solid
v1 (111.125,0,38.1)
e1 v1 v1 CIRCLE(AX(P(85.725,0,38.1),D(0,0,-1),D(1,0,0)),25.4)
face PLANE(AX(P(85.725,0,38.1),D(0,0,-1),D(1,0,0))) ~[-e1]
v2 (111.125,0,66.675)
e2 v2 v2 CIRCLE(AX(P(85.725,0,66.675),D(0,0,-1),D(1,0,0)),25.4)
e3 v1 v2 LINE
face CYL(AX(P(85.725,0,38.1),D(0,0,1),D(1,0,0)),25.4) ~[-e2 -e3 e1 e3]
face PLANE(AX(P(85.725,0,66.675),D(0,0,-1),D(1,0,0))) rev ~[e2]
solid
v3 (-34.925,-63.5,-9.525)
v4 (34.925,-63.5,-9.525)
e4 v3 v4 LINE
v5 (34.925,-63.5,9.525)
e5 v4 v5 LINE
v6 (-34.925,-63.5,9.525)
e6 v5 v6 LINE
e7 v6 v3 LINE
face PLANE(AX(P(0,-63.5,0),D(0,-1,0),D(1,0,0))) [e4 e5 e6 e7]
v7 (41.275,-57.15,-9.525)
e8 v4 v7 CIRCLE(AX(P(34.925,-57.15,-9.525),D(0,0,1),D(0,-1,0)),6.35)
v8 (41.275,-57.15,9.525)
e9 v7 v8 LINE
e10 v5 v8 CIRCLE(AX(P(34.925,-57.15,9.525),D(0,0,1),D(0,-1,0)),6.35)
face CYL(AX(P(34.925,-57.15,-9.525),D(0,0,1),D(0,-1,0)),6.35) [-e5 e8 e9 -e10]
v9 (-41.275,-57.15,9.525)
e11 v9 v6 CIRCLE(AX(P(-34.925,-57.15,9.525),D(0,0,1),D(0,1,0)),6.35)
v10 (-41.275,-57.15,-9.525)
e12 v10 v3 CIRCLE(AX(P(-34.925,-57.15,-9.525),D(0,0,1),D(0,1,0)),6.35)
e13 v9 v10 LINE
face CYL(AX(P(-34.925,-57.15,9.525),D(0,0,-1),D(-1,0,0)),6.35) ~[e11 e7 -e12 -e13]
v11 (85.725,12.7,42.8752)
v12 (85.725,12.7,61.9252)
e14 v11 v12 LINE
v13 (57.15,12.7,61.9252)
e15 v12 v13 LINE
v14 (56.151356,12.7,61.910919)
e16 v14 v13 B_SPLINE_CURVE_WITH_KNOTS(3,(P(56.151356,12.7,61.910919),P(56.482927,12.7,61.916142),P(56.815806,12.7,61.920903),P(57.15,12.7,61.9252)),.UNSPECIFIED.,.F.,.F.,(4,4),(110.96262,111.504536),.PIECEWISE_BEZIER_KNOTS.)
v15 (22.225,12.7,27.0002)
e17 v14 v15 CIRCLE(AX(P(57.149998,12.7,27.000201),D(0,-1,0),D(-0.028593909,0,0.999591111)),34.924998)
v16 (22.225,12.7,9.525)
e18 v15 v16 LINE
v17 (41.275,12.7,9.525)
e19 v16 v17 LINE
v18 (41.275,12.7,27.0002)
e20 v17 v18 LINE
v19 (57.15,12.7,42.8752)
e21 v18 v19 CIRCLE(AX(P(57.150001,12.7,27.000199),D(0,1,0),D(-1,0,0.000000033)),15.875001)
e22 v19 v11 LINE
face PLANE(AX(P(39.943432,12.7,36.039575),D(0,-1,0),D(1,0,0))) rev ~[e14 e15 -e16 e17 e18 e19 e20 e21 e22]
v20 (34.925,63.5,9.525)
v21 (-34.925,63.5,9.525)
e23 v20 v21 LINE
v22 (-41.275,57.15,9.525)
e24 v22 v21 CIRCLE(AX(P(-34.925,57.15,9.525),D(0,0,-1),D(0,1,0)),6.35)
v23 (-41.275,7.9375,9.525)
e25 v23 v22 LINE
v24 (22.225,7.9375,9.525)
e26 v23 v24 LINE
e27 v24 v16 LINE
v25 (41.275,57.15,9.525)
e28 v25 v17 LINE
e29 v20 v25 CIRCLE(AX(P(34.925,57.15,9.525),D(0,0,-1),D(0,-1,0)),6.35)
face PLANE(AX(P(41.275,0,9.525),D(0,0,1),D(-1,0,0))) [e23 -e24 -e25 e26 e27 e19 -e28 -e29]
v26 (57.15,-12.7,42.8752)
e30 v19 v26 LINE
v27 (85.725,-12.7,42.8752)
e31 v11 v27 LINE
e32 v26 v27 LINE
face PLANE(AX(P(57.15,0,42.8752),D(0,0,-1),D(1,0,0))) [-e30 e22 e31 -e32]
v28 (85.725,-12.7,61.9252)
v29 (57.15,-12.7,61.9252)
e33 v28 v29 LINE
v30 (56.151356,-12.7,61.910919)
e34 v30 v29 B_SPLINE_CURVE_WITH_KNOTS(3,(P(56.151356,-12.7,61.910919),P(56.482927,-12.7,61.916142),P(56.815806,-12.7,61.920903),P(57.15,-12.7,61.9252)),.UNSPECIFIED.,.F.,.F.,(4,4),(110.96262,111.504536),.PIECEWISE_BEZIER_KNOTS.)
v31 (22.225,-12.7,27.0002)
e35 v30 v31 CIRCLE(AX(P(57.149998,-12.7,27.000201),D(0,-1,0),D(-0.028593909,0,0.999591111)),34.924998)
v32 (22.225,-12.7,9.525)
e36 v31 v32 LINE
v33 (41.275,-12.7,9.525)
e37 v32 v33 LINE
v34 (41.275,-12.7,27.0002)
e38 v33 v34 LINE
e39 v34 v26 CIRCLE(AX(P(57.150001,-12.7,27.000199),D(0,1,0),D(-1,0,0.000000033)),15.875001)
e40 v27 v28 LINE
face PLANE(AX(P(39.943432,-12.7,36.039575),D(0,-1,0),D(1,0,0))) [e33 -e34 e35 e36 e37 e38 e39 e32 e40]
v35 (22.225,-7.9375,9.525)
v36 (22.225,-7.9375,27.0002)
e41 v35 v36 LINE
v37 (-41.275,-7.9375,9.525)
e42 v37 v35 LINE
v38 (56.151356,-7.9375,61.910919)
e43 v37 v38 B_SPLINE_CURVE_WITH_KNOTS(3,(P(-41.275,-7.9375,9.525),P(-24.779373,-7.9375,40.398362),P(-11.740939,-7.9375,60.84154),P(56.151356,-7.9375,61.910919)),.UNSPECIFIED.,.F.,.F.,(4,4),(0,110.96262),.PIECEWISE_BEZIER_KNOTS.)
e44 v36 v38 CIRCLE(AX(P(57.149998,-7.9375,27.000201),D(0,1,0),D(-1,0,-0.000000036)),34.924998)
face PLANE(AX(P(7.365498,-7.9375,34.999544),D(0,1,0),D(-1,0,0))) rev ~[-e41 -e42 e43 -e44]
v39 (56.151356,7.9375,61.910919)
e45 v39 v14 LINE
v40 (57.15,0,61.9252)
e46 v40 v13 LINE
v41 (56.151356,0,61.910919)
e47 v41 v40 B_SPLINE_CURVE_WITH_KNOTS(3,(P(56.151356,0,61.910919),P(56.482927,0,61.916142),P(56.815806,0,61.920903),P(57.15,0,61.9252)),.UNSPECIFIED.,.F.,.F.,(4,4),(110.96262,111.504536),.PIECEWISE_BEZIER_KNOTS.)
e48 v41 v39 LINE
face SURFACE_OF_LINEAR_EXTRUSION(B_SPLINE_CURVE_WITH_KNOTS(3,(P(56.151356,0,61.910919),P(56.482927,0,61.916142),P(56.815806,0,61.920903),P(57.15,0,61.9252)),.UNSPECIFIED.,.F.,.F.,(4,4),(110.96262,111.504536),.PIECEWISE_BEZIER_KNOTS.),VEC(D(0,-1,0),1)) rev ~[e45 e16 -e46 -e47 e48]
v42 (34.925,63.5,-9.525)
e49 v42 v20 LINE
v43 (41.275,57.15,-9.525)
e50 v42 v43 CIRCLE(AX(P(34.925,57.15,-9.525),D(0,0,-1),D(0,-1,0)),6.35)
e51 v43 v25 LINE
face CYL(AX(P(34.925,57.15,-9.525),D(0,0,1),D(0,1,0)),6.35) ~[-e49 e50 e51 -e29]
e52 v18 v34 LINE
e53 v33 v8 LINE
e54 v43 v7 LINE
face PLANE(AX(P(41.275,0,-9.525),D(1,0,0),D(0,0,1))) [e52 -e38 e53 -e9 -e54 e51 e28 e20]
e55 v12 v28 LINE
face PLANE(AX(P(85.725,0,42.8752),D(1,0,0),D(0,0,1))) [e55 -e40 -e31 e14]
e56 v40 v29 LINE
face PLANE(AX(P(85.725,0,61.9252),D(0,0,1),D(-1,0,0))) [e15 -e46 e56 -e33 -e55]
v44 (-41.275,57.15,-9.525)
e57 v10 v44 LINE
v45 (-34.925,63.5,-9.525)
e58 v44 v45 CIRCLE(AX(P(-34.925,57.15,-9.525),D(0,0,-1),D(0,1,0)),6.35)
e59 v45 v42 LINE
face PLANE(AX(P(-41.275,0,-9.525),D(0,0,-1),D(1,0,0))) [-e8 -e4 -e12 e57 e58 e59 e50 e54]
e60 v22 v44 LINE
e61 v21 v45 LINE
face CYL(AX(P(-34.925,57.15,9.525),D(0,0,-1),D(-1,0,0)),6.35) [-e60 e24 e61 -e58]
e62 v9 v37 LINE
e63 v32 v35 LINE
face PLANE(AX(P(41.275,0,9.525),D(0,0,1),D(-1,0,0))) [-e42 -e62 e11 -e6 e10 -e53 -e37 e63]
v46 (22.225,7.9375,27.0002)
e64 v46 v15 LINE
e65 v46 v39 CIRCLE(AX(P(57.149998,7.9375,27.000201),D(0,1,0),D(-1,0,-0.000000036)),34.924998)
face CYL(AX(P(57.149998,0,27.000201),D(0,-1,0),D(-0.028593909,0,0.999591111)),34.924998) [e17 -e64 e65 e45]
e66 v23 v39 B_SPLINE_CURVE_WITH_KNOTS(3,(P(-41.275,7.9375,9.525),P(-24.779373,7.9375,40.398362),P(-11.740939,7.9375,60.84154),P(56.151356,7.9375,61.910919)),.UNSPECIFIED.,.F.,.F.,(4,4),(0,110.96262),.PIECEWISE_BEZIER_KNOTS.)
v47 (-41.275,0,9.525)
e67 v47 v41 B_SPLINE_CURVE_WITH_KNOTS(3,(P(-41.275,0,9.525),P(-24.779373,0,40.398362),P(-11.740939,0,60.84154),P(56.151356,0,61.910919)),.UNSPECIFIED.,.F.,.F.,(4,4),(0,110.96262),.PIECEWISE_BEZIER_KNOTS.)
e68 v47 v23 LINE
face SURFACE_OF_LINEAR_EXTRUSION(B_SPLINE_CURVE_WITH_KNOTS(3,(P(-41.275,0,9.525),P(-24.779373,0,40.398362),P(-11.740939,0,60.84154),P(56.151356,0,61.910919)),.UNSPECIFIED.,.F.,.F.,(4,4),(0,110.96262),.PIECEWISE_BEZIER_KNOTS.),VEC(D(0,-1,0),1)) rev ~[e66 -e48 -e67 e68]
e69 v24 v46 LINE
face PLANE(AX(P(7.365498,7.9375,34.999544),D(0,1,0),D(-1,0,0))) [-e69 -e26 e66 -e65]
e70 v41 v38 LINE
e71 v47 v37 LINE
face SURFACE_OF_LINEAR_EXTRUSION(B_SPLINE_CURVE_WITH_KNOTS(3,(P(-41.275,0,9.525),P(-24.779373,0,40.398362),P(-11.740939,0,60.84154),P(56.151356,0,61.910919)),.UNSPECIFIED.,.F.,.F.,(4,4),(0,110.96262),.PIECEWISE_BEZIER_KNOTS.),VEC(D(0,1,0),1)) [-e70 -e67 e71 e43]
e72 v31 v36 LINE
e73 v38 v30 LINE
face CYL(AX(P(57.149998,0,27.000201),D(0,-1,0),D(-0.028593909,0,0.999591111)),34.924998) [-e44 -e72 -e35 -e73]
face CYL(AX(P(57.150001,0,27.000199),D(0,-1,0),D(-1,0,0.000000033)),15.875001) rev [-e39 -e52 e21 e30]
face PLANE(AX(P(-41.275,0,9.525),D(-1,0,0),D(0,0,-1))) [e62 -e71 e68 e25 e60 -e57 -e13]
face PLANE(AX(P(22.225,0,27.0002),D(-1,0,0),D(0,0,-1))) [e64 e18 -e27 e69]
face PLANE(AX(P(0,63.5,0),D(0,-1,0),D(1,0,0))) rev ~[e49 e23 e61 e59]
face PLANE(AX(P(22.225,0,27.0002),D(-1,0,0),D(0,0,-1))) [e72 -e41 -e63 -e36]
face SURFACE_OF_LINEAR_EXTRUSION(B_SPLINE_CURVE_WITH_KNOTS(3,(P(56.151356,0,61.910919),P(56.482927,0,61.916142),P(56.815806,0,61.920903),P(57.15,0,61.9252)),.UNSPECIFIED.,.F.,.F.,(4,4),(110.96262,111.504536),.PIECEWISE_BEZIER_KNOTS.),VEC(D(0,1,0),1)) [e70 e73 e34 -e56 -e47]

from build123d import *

# Parameters (mm, degrees)
F1_DEPTH = 63.5
F0_W     = 25.4
F0_H     = 19.05
F2_DEPTH = 12.7
F3_DEPTH = 7.9375
F5_R     = 6.35


with BuildPart() as f1:
    # F0 (on Front) → F1 (new body, symmetric)
    with BuildSketch(Plane.XZ):
        Polygon((-41.275, -9.525), (41.275, -9.525), (41.275, 9.525), (22.225, 9.525), (-41.275, 9.525), align=None)
    extrude(amount=F1_DEPTH, both=True)

    # F0 (on Front) → F2 (join, symmetric)
    with BuildSketch(Plane.XZ):
        with BuildLine():
            Line((22.225, 9.525), (41.275, 9.525))
            Line((41.275, 9.525), (41.275, 27.0002))
            ThreePointArc((41.275, 27.0002), (45.92468, 38.22552), (57.15, 42.8752))
            Line((57.15, 42.8752), (60.325, 42.8752))
            Line((60.325, 42.8752), (60.325, 61.9252))
            Line((60.325, 61.9252), (57.15, 61.9252))
            add(Edge.make_bspline(
                [(56.151356, 61.910919), (56.482927, 61.916142), (56.815806, 61.920903), (57.15, 61.9252)],
                knots=[110.96262, 110.96262, 110.96262, 110.96262, 111.504536, 111.504536, 111.504536, 111.504536], degree=3))
            ThreePointArc((56.151356, 61.910919), (32.10371, 51.34027), (22.225, 27.0002))
            Line((22.225, 27.0002), (22.225, 9.525))
        make_face()
        with Locations((73.025, 52.4002)):
            Rectangle(F0_W, F0_H)
    extrude(amount=F2_DEPTH, both=True)

    # F0 (on Front) → F3 (join, symmetric)
    with BuildSketch(Plane.XZ):
        with BuildLine():
            add(Edge.make_bspline(
                [(-41.275, 9.525), (-24.779373, 40.398362), (-11.740939, 60.84154), (56.151356, 61.910919)],
                knots=[0, 0, 0, 0, 110.96262, 110.96262, 110.96262, 110.96262], degree=3))
            Line((-41.275, 9.525), (22.225, 9.525))
            Line((22.225, 9.525), (22.225, 27.0002))
            ThreePointArc((22.225, 27.0002), (32.10371, 51.34027), (56.151356, 61.910919))
        make_face()
    extrude(amount=F3_DEPTH, both=True)

    # F5
    f5_edges = [f1.edges().sort_by_distance(p)[0] for p in [
        (41.275, -63.5, 0),
        (-41.275, -63.5, 0),
        (41.275, 63.5, 0),
        (-41.275, 63.5, 0),
    ]]
    fillet(f5_edges, radius=F5_R)


with BuildPart() as f4:
    # F0 (on Front) → F4 (revolve)
    with BuildSketch(Plane.XZ):
        Polygon((85.725, 61.9252), (85.725, 42.8752), (85.725, 38.1), (111.125, 38.1), (111.125, 66.675), (85.725, 66.675), align=None)
    revolve(axis=Axis((85.725, 0, 52.4002), (0, 0, -1)))


solid = Compound([f1.part, f4.part])
